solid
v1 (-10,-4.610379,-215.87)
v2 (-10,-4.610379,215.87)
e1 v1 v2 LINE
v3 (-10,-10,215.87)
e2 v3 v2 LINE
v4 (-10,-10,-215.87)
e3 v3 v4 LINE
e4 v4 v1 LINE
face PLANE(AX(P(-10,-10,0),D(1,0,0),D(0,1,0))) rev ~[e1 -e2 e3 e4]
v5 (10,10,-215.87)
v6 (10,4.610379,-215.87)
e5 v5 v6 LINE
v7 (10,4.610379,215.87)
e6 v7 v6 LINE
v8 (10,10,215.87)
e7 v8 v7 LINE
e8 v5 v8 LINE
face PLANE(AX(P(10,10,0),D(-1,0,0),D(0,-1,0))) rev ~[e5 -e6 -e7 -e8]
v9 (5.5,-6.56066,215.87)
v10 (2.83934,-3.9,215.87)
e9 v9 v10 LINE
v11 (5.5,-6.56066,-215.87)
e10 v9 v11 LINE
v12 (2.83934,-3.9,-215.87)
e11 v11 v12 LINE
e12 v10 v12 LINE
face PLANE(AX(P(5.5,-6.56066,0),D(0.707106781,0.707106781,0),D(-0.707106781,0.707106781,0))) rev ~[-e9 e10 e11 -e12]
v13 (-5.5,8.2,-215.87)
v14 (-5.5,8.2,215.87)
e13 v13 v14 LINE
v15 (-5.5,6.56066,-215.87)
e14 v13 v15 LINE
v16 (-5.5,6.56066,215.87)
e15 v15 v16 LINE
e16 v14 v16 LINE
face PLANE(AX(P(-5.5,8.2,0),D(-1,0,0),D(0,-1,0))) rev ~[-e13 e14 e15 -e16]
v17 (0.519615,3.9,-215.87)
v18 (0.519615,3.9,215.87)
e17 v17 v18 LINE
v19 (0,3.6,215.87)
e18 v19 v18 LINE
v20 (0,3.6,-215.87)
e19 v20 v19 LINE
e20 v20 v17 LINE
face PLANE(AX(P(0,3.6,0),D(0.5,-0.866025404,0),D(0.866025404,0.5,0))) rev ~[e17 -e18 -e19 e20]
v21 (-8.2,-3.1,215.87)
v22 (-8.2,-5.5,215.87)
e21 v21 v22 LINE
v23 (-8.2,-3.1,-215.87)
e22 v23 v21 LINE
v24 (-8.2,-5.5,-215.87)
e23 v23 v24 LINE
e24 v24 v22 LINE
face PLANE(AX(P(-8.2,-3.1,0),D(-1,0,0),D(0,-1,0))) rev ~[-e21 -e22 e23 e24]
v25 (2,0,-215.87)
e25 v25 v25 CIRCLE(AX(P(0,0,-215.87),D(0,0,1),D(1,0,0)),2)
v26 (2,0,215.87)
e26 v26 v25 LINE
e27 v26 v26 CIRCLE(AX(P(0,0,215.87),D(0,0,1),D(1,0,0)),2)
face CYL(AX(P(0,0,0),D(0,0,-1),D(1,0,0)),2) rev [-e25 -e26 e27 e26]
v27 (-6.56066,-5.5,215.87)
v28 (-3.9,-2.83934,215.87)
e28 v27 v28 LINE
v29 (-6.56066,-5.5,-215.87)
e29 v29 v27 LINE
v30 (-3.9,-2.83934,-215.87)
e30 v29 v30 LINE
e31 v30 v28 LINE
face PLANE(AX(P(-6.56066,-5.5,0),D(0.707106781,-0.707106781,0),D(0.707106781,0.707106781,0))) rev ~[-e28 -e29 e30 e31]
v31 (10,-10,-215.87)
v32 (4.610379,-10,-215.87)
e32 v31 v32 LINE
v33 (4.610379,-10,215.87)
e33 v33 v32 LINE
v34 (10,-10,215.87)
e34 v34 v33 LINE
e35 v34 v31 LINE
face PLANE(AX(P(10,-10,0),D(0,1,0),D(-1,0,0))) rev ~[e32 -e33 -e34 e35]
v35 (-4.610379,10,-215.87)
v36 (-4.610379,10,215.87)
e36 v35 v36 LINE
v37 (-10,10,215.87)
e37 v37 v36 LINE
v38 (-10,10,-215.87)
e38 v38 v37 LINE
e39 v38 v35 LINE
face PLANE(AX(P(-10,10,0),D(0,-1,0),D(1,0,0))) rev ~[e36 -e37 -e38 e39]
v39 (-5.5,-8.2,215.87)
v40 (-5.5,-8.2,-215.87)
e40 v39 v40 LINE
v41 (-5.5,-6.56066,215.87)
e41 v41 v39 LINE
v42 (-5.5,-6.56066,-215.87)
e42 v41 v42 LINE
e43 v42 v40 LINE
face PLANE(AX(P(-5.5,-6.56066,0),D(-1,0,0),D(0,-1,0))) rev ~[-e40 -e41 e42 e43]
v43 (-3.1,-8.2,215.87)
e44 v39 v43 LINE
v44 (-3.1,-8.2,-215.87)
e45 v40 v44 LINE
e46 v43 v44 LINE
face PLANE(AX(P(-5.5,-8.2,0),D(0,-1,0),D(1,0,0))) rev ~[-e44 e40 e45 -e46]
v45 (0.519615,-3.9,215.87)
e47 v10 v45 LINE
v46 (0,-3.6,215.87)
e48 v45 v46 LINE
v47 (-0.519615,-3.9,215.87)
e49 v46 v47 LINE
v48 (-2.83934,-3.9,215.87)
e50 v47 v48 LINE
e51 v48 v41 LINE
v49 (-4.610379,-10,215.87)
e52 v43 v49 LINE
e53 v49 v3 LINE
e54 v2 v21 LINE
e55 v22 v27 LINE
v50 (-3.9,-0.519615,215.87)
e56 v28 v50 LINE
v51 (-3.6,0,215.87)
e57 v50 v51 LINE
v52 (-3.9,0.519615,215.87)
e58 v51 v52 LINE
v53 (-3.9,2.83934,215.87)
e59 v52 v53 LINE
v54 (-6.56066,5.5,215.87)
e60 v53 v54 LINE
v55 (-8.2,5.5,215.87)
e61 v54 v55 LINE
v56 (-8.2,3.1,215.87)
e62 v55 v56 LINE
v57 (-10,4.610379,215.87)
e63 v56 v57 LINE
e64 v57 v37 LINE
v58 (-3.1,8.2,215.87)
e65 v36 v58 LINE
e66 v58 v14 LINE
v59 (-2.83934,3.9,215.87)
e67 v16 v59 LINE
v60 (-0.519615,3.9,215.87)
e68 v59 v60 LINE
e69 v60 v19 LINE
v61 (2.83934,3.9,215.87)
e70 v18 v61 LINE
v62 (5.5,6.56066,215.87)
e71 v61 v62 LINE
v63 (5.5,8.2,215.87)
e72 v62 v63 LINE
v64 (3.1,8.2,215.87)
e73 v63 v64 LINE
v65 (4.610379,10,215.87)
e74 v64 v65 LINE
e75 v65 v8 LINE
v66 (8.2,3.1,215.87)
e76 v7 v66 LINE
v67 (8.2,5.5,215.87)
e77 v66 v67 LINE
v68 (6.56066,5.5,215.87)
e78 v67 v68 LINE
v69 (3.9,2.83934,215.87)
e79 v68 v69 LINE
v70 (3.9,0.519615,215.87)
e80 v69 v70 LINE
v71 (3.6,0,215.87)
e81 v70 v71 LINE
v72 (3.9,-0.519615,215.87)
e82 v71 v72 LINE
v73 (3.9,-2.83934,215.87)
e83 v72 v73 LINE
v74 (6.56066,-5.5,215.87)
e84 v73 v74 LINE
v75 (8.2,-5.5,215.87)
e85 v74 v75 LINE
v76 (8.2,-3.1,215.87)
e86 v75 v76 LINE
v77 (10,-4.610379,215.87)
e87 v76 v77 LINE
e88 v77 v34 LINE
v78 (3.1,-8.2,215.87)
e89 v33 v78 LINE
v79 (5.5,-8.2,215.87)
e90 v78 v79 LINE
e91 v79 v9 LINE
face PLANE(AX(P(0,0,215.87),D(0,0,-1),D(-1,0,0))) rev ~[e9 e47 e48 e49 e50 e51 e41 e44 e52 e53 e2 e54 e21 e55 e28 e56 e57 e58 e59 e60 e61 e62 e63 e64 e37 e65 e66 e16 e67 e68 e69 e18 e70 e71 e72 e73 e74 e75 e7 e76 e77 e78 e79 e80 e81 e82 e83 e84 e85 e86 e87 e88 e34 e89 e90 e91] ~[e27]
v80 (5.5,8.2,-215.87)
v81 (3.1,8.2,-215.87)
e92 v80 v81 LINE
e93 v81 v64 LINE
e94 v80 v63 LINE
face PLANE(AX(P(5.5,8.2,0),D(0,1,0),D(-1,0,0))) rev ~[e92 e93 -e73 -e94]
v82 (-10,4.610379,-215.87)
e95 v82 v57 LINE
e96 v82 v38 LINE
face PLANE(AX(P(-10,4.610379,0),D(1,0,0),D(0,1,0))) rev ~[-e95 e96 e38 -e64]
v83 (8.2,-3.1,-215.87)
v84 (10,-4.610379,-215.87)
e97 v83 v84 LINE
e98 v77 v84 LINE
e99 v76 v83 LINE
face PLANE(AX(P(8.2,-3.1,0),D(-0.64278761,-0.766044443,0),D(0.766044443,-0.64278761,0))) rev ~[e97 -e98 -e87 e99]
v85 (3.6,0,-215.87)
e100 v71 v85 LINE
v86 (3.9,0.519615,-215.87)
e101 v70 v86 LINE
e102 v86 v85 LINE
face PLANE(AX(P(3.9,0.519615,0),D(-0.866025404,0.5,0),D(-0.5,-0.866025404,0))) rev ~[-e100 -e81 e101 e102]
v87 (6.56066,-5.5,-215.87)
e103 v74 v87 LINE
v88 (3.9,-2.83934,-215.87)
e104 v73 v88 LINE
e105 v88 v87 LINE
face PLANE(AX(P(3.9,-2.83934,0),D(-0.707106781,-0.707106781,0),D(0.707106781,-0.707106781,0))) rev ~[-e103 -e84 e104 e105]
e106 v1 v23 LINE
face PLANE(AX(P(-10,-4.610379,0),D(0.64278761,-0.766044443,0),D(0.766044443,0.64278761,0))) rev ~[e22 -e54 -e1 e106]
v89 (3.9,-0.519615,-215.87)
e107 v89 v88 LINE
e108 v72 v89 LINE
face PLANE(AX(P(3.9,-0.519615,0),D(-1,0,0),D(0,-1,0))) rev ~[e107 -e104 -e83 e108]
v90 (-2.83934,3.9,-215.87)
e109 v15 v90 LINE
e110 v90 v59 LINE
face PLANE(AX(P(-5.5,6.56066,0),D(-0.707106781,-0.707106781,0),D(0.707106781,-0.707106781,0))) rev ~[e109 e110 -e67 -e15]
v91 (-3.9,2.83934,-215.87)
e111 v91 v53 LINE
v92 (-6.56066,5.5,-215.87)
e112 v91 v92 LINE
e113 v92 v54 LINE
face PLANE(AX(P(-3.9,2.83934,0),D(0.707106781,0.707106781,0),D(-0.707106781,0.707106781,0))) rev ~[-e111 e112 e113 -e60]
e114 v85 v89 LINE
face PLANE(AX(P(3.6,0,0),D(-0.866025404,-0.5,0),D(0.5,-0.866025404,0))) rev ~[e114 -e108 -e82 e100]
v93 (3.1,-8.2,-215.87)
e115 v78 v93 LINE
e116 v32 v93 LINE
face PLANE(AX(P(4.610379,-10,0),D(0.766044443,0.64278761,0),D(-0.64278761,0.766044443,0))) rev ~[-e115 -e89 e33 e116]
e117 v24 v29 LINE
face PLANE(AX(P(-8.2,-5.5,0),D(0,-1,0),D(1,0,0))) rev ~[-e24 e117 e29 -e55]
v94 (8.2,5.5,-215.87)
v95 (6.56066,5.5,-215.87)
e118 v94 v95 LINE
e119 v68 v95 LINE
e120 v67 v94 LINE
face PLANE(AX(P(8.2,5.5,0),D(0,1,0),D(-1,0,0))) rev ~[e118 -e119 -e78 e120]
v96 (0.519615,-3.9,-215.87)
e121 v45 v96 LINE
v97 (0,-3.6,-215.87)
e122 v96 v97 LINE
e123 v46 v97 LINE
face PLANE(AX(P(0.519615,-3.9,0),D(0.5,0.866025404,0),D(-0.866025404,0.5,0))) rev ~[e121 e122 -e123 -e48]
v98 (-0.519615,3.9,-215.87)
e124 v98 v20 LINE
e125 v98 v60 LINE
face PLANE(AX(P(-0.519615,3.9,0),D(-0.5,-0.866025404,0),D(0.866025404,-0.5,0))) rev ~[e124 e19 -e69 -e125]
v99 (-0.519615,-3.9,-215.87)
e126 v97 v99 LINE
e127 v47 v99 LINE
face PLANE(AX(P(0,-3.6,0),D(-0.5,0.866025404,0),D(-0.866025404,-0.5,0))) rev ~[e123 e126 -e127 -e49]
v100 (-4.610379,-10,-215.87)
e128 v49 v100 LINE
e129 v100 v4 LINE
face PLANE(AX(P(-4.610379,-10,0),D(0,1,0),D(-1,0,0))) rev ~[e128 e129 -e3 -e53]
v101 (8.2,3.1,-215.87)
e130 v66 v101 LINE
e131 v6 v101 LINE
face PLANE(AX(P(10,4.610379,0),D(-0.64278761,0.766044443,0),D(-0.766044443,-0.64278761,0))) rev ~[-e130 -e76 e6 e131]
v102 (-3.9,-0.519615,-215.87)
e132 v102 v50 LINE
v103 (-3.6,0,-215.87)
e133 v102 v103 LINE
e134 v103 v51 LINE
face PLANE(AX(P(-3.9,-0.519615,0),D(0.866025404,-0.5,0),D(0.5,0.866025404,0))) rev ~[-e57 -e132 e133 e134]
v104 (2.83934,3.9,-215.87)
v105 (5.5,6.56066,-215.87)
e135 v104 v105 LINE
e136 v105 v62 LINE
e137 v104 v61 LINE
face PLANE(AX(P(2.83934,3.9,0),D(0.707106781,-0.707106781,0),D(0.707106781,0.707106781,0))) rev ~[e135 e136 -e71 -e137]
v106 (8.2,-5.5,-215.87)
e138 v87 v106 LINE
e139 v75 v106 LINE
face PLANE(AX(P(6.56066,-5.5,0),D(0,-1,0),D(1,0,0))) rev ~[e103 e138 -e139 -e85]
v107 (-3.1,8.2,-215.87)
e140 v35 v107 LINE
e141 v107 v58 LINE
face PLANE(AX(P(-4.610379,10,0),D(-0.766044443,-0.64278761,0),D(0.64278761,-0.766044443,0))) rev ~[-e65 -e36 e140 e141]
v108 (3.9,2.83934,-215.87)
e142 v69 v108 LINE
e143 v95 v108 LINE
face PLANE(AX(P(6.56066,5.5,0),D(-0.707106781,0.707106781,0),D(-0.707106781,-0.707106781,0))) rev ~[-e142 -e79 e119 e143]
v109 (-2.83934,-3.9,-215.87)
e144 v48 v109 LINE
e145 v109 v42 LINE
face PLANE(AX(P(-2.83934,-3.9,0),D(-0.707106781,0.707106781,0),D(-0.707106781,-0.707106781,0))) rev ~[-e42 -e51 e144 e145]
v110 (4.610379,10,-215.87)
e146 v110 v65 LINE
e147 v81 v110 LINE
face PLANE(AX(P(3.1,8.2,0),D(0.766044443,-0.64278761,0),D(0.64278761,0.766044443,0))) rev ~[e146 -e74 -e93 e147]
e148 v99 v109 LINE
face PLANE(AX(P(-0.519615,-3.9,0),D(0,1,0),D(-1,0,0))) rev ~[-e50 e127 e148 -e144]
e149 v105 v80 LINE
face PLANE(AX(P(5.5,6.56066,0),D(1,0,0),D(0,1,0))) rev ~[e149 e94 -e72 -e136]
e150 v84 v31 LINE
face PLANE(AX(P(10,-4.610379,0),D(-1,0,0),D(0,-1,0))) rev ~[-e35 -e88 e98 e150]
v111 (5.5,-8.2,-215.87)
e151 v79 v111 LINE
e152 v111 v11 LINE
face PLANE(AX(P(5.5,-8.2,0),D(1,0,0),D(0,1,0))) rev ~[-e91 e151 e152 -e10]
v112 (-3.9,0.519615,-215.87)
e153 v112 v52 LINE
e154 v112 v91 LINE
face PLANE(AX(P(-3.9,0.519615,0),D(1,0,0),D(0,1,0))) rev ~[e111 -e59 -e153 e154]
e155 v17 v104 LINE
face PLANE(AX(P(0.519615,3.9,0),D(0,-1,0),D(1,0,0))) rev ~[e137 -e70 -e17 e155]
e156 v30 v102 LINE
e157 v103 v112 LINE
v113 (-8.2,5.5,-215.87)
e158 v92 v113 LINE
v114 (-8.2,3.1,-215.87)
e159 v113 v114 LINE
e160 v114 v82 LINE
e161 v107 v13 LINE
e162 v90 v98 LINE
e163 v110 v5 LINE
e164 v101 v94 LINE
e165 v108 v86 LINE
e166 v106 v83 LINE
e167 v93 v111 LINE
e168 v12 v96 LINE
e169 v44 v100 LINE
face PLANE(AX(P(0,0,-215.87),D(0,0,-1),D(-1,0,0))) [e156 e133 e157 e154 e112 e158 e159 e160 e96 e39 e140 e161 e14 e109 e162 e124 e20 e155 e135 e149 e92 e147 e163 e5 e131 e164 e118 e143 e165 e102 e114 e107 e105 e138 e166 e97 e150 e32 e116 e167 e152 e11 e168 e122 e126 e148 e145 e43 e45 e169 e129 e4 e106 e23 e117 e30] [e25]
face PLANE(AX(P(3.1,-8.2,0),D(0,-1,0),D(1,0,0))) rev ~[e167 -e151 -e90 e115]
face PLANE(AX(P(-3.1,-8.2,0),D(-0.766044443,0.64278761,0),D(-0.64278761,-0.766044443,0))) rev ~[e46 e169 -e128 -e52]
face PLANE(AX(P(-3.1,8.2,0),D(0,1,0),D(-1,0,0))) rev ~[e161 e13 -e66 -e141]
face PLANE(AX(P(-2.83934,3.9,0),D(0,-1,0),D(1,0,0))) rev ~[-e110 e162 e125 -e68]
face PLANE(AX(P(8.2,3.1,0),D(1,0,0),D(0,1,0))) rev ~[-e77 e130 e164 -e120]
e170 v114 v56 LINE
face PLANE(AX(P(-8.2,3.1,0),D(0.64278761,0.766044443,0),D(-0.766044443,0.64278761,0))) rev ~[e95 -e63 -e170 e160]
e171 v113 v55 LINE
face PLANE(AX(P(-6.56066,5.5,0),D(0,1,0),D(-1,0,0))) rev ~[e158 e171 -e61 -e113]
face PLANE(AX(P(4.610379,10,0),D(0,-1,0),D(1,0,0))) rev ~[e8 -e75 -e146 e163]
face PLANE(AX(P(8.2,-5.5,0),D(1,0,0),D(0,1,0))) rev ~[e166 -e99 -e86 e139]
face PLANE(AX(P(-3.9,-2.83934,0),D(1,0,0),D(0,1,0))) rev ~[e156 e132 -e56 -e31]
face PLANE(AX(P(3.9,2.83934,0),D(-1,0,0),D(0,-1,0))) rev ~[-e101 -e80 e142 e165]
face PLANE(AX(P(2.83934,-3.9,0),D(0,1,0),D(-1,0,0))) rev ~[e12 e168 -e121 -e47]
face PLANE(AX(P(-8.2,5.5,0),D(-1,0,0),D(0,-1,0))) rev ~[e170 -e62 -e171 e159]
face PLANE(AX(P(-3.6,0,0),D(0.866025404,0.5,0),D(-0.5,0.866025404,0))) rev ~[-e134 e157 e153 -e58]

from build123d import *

# Parameters (mm, degrees)
SKETCH1_R           = 2
BOSS_EXTRUDE1_DEPTH = 215.87


with BuildPart() as part:
    # Sketch1 → Boss-Extrude1 (new body, symmetric)
    with BuildSketch(Plane.XY):
        Polygon((10, 10), (10, 4.610379336), (8.2, 3.1), (8.2, 5.5), (6.560660172, 5.5), (3.9, 2.839339828), (3.9, 0.519615242), (3.6, 0), (3.9, -0.519615242), (3.9, -2.839339828), (6.560660172, -5.5), (8.2, -5.5), (8.2, -3.1), (10, -4.610379336), (10, -10), (4.610379336, -10), (3.1, -8.2), (5.5, -8.2), (5.5, -6.560660172), (2.839339828, -3.9), (0.519615242, -3.9), (0, -3.6), (-0.519615242, -3.9), (-2.839339828, -3.9), (-5.5, -6.560660172), (-5.5, -8.2), (-3.1, -8.2), (-4.610379336, -10), (-10, -10), (-10, -4.610379336), (-8.2, -3.1), (-8.2, -5.5), (-6.560660172, -5.5), (-3.9, -2.839339828), (-3.9, -0.519615242), (-3.6, 0), (-3.9, 0.519615242), (-3.9, 2.839339828), (-6.560660172, 5.5), (-8.2, 5.5), (-8.2, 3.1), (-10, 4.610379336), (-10, 10), (-4.610379336, 10), (-3.1, 8.2), (-5.5, 8.2), (-5.5, 6.560660172), (-2.839339828, 3.9), (-0.519615242, 3.9), (0, 3.6), (0.519615242, 3.9), (2.839339828, 3.9), (5.5, 6.560660172), (5.5, 8.2), (3.1, 8.2), (4.610379336, 10), align=None)
        Circle(SKETCH1_R, mode=Mode.SUBTRACT)
    extrude(amount=BOSS_EXTRUDE1_DEPTH, both=True)


solid = part.part
